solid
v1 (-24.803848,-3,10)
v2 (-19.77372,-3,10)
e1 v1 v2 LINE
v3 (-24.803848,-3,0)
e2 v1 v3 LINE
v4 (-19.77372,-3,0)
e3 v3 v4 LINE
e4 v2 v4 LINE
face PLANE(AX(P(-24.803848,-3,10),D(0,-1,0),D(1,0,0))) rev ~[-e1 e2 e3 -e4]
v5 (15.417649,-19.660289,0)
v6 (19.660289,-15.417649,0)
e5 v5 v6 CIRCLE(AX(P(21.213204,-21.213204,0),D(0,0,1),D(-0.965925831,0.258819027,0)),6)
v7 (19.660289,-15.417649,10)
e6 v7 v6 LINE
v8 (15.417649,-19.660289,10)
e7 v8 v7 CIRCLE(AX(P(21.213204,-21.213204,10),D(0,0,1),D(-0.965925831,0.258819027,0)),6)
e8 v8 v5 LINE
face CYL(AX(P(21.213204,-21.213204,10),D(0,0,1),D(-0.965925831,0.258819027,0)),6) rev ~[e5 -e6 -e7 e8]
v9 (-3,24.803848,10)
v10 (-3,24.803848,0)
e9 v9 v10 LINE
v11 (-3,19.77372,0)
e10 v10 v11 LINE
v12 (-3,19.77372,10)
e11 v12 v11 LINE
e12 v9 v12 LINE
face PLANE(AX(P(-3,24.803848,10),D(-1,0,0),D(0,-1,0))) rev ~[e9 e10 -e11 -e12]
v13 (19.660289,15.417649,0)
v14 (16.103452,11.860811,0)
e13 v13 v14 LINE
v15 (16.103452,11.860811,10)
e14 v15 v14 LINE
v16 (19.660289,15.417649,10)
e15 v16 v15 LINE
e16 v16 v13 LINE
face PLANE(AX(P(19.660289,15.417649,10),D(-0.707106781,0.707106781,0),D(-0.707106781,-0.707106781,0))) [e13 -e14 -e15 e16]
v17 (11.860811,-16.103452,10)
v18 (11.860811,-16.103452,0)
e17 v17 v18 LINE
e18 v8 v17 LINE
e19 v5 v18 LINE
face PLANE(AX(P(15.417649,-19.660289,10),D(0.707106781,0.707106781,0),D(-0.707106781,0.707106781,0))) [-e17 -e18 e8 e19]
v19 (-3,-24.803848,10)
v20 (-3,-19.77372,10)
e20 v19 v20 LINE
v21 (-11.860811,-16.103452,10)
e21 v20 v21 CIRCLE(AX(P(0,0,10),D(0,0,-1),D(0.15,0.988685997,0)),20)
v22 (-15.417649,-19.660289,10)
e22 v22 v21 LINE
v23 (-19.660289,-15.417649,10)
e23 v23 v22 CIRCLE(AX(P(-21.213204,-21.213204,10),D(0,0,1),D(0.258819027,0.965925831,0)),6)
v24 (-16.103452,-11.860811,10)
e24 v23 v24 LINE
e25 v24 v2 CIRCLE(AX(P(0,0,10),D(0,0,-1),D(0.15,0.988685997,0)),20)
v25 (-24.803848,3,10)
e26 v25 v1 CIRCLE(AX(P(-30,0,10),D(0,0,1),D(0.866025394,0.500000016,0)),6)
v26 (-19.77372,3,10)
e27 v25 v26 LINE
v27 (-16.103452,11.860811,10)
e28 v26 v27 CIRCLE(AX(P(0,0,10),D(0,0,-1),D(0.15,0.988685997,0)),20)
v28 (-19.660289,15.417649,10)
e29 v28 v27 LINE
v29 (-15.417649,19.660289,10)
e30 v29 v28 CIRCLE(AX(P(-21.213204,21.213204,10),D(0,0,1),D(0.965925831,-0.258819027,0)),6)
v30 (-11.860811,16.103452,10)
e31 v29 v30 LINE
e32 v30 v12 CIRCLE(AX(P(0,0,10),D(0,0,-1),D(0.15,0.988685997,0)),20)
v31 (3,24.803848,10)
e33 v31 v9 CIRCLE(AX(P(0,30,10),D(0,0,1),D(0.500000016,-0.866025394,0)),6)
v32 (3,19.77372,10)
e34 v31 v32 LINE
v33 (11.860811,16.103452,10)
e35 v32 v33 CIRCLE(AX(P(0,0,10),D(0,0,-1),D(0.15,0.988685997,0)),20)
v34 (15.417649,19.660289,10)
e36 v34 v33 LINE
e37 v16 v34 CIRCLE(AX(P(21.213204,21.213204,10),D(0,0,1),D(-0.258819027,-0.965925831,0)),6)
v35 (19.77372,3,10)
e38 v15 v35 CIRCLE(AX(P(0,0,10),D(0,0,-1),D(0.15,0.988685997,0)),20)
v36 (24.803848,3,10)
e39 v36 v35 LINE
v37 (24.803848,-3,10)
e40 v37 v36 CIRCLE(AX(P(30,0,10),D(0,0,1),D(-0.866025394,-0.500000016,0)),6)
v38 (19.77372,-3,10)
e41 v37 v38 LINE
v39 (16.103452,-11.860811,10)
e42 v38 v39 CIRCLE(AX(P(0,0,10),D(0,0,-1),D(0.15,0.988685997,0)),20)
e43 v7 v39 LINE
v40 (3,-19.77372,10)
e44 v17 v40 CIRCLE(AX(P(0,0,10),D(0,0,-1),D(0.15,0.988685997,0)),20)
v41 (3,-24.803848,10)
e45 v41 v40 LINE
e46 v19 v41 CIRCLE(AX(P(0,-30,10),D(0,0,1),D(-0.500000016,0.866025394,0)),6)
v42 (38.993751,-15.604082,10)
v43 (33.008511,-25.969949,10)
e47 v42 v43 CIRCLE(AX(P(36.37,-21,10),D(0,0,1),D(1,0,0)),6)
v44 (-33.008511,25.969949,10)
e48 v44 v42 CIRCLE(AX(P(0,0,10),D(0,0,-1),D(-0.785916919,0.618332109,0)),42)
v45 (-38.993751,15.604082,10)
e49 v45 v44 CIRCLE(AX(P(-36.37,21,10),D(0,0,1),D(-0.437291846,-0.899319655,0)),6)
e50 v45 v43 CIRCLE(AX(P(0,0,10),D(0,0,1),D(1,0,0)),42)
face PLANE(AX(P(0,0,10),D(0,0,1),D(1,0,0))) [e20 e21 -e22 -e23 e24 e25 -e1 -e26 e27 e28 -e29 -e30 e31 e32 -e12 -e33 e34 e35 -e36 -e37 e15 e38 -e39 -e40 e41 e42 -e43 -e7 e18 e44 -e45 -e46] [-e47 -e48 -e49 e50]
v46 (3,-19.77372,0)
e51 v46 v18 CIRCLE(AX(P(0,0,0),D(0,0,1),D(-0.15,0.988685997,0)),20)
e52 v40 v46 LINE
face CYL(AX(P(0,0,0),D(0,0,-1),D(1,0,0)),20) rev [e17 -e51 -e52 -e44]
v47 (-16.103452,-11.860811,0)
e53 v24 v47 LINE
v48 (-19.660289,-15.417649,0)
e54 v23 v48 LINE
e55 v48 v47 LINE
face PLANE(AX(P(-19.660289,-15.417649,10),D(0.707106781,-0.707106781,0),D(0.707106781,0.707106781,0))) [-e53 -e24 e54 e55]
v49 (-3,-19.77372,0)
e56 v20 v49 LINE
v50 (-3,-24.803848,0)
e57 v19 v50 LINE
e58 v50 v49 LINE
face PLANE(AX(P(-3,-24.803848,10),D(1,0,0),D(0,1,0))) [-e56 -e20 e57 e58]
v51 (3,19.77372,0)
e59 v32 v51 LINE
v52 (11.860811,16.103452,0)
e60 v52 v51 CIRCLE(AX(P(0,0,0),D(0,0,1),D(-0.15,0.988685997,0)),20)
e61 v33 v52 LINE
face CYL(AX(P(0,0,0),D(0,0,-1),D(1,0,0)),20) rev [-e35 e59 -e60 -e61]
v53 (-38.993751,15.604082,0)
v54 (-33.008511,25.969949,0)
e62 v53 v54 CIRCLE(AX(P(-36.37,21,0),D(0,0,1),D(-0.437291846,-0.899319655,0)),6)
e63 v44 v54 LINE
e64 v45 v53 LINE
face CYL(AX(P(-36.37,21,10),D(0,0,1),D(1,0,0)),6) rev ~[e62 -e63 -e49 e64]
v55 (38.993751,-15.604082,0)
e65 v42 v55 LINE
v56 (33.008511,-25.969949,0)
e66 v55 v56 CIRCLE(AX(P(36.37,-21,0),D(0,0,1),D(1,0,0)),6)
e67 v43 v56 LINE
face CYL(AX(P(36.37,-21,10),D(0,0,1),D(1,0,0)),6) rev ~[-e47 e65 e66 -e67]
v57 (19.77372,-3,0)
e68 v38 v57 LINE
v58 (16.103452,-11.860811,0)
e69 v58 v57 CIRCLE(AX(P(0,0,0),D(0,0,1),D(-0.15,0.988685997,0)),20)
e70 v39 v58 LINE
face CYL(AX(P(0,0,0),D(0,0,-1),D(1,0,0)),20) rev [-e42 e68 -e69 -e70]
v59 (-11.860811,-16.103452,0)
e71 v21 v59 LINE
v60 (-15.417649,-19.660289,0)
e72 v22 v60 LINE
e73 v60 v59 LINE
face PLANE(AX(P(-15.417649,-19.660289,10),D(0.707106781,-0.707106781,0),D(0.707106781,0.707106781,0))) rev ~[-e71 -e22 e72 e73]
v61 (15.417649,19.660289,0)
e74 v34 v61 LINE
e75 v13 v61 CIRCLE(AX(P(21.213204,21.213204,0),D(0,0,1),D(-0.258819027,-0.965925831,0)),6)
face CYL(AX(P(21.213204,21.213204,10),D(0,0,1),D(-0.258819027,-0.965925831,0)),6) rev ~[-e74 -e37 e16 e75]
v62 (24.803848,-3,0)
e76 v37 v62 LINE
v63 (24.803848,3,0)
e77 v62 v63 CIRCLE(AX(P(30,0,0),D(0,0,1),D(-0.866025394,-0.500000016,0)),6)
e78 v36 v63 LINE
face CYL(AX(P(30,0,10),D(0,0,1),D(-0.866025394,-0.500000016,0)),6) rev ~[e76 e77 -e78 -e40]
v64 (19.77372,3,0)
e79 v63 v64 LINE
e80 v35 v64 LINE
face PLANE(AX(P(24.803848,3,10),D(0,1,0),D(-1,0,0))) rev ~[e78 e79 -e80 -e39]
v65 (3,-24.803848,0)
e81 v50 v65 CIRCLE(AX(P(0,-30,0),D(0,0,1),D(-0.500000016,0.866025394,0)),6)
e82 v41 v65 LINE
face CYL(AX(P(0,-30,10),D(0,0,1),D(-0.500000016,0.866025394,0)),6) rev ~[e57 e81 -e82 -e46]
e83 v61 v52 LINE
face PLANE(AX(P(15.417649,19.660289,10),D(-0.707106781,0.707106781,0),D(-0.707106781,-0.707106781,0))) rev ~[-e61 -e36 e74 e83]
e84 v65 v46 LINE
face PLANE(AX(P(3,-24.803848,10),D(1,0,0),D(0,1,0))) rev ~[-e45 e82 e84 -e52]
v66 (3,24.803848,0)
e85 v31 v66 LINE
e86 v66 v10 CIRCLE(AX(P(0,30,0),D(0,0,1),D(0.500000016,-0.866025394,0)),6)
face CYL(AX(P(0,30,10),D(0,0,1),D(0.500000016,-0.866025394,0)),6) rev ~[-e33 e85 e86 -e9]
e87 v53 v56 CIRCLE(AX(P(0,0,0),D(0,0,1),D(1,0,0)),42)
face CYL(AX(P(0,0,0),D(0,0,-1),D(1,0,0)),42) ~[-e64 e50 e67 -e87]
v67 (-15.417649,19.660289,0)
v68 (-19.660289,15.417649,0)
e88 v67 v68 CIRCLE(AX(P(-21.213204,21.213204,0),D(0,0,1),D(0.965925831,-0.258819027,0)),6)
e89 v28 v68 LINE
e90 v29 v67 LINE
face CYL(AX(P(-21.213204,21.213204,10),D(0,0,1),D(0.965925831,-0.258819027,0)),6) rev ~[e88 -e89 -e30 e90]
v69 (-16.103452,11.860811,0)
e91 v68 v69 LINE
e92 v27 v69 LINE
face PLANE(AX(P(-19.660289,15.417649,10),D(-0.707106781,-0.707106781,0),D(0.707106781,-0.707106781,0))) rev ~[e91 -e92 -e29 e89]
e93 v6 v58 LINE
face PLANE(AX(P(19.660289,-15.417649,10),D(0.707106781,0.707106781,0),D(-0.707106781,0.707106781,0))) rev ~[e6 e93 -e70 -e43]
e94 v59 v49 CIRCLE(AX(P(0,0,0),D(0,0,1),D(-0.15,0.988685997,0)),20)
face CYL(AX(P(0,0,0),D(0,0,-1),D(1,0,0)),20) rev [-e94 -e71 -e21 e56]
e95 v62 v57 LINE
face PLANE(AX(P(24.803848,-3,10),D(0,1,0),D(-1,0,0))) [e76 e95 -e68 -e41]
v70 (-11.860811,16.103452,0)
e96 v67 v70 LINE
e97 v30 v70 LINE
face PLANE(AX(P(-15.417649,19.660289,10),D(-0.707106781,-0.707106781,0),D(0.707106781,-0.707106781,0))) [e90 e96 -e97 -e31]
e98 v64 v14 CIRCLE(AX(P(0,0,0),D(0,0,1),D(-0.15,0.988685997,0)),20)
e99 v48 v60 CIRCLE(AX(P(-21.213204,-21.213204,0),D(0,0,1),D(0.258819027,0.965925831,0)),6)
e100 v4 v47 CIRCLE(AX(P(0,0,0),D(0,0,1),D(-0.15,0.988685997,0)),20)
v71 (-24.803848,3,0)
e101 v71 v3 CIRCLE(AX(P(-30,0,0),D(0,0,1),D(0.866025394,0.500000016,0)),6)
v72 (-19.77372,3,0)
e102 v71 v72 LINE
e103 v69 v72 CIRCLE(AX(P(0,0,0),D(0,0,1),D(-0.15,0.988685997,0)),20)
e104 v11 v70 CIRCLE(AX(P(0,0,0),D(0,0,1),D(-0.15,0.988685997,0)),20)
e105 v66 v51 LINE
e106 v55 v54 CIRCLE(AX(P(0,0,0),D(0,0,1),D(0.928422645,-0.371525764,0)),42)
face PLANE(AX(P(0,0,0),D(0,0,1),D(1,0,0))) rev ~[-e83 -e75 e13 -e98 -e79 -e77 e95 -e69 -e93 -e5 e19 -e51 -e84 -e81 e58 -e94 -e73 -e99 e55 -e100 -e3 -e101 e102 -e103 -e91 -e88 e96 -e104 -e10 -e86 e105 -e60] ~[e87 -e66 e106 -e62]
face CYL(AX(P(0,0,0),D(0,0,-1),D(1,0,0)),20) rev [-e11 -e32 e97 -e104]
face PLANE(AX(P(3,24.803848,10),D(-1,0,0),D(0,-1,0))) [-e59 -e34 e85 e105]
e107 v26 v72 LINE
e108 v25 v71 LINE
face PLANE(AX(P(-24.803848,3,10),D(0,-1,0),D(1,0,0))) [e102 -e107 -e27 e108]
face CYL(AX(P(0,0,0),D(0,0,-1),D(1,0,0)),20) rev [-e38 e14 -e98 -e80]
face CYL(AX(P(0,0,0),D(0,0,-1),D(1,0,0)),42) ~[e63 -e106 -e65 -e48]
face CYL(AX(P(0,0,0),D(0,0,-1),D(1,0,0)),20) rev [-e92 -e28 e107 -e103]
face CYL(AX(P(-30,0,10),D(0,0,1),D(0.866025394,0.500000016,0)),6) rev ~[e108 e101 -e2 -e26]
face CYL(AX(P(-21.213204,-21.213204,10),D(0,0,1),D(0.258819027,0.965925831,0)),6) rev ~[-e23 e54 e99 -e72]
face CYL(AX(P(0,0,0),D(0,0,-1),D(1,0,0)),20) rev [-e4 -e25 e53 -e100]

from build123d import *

# Parameters (mm, degrees)
SKETCH_R           = 42
SKETCH_R_2         = 20
PAD_DEPTH          = 10
SKETCH001_R        = 6
POCKET_DEPTH       = 10.001
POCKET001_DEPTH    = 248.429186
POLARPATTERN_COUNT = 8


with BuildPart() as part:
    # Sketch → Pad (new body)
    with BuildSketch(Plane.XY):
        Circle(SKETCH_R)
        Circle(SKETCH_R_2, mode=Mode.SUBTRACT)
    extrude(amount=PAD_DEPTH)

    # Sketch001 (on Face4 of Pad) → Pocket (cut, through all)
    with BuildSketch(Plane.XY.offset(10)):
        with Locations((-36.37, 21)):
            Circle(SKETCH001_R)
        with Locations((36.37, -21)):
            Circle(SKETCH001_R)
    extrude(amount=-POCKET_DEPTH, mode=Mode.SUBTRACT)

    # Sketch002 (on Face4 of Pocket) → Pocket001 (cut, through all)
    with BuildSketch(Plane.XY.offset(10)):
        with BuildLine():
            ThreePointArc((3, 24.803848), (0, 36), (-3, 24.803848))
            Line((-3, 24.803848), (-3, 19.77372))
            ThreePointArc((3, 19.77372), (0, 20), (-3, 19.77372))
            Line((3, 24.803848), (3, 19.77372))
        make_face()
    pocket001 = extrude(amount=-POCKET001_DEPTH, mode=Mode.SUBTRACT)

    # PolarPattern: Pocket001 ×8 about axis
    polarpattern_axis = Axis((0, 0, 10), (0, 0, 1))
    for i in range(1, POLARPATTERN_COUNT):
        add(pocket001.rotate(polarpattern_axis, i * 360 / POLARPATTERN_COUNT), mode=Mode.SUBTRACT)


solid = part.part
